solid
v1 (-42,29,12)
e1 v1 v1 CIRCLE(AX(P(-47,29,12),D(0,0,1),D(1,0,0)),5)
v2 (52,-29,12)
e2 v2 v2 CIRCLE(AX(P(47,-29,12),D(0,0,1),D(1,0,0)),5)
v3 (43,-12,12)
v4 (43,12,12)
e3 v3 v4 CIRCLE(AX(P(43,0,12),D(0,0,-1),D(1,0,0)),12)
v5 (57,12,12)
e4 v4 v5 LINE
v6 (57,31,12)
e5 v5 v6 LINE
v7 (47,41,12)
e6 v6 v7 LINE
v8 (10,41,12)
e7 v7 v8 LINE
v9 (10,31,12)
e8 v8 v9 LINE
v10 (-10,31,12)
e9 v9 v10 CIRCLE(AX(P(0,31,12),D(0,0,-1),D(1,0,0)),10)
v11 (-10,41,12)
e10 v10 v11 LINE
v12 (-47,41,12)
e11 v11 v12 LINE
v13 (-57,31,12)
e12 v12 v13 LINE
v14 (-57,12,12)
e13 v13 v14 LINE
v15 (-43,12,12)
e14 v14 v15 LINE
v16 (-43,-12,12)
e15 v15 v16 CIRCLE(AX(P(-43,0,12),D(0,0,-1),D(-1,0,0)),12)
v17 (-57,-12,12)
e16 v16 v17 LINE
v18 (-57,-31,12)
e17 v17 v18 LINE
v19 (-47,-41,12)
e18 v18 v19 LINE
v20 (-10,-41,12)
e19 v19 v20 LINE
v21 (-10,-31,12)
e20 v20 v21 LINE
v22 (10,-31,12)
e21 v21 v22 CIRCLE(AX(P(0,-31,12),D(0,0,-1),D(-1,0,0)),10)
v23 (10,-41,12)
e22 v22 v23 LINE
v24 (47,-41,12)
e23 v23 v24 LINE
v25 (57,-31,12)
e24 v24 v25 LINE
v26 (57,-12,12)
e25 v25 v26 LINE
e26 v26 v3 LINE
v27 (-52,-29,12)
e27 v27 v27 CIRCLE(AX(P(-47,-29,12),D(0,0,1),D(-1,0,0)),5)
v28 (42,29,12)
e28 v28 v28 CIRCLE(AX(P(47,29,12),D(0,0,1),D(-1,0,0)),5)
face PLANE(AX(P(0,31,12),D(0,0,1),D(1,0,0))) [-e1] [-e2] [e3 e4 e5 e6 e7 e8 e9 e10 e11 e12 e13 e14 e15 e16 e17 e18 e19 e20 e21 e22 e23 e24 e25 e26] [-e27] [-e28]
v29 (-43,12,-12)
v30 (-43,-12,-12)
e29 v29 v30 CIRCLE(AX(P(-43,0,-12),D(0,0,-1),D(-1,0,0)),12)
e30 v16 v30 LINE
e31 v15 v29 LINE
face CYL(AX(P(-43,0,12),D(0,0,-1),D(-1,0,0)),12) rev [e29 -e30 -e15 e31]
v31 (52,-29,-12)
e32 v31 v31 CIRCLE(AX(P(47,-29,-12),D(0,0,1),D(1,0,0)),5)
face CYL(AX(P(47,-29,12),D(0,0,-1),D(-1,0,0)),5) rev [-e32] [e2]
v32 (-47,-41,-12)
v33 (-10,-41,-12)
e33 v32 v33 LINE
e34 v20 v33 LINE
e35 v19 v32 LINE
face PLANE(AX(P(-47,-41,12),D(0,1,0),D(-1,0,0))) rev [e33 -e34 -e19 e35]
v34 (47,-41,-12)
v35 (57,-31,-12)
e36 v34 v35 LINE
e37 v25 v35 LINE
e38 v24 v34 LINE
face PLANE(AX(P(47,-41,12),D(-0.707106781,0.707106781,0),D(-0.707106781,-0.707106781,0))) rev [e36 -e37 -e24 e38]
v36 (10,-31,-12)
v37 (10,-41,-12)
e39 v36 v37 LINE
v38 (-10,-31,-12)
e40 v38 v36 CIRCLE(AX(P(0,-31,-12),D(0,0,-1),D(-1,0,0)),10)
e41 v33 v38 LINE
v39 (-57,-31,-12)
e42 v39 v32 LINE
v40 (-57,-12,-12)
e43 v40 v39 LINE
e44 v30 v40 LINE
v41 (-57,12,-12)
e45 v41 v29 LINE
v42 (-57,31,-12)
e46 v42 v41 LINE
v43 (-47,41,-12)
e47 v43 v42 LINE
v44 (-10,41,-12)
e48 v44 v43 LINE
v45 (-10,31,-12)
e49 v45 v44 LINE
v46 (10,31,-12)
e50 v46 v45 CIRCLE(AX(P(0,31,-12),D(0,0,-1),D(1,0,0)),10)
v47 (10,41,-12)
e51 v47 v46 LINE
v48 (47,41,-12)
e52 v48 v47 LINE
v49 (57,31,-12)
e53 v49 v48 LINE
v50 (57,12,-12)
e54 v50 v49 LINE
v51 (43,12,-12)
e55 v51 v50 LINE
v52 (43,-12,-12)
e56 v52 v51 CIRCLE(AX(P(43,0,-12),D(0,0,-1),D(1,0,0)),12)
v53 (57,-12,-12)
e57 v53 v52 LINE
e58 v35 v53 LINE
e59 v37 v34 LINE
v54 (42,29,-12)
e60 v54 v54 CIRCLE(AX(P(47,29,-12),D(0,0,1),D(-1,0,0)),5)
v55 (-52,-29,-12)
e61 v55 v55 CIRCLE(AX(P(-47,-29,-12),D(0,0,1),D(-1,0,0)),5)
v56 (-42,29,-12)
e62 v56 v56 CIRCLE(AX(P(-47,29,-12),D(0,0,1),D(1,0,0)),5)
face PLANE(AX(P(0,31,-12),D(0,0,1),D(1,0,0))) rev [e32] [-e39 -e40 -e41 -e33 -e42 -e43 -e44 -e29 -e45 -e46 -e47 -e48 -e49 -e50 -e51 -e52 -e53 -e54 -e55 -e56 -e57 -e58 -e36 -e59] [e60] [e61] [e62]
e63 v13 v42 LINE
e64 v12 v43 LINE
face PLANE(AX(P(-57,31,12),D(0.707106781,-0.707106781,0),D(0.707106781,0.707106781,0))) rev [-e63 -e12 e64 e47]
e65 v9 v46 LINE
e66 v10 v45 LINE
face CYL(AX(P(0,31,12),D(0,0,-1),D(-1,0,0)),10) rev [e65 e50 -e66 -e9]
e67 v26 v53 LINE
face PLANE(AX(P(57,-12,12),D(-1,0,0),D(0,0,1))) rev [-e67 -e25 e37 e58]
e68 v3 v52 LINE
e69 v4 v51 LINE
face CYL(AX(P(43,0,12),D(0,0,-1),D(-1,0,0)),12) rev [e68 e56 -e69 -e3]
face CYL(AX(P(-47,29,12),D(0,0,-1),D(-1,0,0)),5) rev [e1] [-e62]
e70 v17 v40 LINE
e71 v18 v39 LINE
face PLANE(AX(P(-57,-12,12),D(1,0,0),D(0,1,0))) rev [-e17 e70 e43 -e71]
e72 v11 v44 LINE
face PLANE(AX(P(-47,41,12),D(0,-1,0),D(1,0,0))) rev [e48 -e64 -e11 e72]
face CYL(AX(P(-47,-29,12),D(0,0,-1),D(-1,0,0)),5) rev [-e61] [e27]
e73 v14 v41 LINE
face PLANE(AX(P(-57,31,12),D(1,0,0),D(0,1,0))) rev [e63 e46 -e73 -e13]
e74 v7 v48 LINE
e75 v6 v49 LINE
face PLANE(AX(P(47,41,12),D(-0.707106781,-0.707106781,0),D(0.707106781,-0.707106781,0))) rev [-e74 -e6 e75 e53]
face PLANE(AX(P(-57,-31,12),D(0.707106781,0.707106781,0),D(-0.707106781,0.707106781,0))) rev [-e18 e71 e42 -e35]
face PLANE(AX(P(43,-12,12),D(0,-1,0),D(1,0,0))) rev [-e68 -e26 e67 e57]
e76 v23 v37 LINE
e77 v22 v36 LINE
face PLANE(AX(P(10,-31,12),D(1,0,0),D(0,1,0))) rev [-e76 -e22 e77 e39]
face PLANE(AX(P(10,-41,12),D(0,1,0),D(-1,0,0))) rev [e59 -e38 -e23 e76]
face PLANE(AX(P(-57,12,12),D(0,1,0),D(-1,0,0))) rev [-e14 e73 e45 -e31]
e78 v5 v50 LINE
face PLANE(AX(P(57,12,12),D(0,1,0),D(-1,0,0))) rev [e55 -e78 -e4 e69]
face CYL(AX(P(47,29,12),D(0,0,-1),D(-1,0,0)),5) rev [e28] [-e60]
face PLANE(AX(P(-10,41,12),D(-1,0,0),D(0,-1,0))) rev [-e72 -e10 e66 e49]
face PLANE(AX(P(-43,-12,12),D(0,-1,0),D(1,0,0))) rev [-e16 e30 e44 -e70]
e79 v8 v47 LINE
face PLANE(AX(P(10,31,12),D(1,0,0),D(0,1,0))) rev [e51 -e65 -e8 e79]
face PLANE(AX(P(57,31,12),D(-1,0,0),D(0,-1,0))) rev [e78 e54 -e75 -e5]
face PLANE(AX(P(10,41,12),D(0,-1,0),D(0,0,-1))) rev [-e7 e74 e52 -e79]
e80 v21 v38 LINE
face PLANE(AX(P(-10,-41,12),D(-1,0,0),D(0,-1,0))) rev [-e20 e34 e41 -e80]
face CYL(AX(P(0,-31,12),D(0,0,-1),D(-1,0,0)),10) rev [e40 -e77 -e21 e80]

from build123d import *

# Parameters (mm, degrees)
SKETCH1_R           = 5
BOSS_EXTRUDE1_DEPTH = 12


with BuildPart() as part:
    # Sketch1 → Boss-Extrude1 (new, symmetric)
    with BuildSketch(Plane.XY):
        with BuildLine():
            Line((-10, 41), (-10, 31))
            ThreePointArc((-10, 31), (0, 21), (10, 31))
            Line((10, 31), (10, 41))
            Line((10, 41), (47, 41))
            Line((47, 41), (57, 31))
            Line((57, 31), (57, 12))
            Line((57, 12), (43, 12))
            ThreePointArc((43, 12), (31, 0), (43, -12))
            Line((43, -12), (57, -12))
            Line((57, -12), (57, -31))
            Line((57, -31), (47, -41))
            Line((47, -41), (10, -41))
            Line((10, -41), (10, -31))
            ThreePointArc((10, -31), (0, -21), (-10, -31))
            Line((-10, -31), (-10, -41))
            Line((-10, -41), (-47, -41))
            Line((-47, -41), (-57, -31))
            Line((-57, -31), (-57, -12))
            Line((-57, -12), (-43, -12))
            ThreePointArc((-43, -12), (-31, 0), (-43, 12))
            Line((-43, 12), (-57, 12))
            Line((-57, 12), (-57, 31))
            Line((-57, 31), (-47, 41))
            Line((-47, 41), (-10, 41))
        make_face()
        with Locations((-47, 29)):
            Circle(SKETCH1_R, mode=Mode.SUBTRACT)
        with Locations(Location((47, 29, 0), (0, 0, 180))):
            Circle(SKETCH1_R, mode=Mode.SUBTRACT)
        with Locations(Location((-47, -29, 0), (0, 0, 180))):
            Circle(SKETCH1_R, mode=Mode.SUBTRACT)
        with Locations((47, -29)):
            Circle(SKETCH1_R, mode=Mode.SUBTRACT)
    extrude(amount=BOSS_EXTRUDE1_DEPTH, both=True)


solid = part.part
